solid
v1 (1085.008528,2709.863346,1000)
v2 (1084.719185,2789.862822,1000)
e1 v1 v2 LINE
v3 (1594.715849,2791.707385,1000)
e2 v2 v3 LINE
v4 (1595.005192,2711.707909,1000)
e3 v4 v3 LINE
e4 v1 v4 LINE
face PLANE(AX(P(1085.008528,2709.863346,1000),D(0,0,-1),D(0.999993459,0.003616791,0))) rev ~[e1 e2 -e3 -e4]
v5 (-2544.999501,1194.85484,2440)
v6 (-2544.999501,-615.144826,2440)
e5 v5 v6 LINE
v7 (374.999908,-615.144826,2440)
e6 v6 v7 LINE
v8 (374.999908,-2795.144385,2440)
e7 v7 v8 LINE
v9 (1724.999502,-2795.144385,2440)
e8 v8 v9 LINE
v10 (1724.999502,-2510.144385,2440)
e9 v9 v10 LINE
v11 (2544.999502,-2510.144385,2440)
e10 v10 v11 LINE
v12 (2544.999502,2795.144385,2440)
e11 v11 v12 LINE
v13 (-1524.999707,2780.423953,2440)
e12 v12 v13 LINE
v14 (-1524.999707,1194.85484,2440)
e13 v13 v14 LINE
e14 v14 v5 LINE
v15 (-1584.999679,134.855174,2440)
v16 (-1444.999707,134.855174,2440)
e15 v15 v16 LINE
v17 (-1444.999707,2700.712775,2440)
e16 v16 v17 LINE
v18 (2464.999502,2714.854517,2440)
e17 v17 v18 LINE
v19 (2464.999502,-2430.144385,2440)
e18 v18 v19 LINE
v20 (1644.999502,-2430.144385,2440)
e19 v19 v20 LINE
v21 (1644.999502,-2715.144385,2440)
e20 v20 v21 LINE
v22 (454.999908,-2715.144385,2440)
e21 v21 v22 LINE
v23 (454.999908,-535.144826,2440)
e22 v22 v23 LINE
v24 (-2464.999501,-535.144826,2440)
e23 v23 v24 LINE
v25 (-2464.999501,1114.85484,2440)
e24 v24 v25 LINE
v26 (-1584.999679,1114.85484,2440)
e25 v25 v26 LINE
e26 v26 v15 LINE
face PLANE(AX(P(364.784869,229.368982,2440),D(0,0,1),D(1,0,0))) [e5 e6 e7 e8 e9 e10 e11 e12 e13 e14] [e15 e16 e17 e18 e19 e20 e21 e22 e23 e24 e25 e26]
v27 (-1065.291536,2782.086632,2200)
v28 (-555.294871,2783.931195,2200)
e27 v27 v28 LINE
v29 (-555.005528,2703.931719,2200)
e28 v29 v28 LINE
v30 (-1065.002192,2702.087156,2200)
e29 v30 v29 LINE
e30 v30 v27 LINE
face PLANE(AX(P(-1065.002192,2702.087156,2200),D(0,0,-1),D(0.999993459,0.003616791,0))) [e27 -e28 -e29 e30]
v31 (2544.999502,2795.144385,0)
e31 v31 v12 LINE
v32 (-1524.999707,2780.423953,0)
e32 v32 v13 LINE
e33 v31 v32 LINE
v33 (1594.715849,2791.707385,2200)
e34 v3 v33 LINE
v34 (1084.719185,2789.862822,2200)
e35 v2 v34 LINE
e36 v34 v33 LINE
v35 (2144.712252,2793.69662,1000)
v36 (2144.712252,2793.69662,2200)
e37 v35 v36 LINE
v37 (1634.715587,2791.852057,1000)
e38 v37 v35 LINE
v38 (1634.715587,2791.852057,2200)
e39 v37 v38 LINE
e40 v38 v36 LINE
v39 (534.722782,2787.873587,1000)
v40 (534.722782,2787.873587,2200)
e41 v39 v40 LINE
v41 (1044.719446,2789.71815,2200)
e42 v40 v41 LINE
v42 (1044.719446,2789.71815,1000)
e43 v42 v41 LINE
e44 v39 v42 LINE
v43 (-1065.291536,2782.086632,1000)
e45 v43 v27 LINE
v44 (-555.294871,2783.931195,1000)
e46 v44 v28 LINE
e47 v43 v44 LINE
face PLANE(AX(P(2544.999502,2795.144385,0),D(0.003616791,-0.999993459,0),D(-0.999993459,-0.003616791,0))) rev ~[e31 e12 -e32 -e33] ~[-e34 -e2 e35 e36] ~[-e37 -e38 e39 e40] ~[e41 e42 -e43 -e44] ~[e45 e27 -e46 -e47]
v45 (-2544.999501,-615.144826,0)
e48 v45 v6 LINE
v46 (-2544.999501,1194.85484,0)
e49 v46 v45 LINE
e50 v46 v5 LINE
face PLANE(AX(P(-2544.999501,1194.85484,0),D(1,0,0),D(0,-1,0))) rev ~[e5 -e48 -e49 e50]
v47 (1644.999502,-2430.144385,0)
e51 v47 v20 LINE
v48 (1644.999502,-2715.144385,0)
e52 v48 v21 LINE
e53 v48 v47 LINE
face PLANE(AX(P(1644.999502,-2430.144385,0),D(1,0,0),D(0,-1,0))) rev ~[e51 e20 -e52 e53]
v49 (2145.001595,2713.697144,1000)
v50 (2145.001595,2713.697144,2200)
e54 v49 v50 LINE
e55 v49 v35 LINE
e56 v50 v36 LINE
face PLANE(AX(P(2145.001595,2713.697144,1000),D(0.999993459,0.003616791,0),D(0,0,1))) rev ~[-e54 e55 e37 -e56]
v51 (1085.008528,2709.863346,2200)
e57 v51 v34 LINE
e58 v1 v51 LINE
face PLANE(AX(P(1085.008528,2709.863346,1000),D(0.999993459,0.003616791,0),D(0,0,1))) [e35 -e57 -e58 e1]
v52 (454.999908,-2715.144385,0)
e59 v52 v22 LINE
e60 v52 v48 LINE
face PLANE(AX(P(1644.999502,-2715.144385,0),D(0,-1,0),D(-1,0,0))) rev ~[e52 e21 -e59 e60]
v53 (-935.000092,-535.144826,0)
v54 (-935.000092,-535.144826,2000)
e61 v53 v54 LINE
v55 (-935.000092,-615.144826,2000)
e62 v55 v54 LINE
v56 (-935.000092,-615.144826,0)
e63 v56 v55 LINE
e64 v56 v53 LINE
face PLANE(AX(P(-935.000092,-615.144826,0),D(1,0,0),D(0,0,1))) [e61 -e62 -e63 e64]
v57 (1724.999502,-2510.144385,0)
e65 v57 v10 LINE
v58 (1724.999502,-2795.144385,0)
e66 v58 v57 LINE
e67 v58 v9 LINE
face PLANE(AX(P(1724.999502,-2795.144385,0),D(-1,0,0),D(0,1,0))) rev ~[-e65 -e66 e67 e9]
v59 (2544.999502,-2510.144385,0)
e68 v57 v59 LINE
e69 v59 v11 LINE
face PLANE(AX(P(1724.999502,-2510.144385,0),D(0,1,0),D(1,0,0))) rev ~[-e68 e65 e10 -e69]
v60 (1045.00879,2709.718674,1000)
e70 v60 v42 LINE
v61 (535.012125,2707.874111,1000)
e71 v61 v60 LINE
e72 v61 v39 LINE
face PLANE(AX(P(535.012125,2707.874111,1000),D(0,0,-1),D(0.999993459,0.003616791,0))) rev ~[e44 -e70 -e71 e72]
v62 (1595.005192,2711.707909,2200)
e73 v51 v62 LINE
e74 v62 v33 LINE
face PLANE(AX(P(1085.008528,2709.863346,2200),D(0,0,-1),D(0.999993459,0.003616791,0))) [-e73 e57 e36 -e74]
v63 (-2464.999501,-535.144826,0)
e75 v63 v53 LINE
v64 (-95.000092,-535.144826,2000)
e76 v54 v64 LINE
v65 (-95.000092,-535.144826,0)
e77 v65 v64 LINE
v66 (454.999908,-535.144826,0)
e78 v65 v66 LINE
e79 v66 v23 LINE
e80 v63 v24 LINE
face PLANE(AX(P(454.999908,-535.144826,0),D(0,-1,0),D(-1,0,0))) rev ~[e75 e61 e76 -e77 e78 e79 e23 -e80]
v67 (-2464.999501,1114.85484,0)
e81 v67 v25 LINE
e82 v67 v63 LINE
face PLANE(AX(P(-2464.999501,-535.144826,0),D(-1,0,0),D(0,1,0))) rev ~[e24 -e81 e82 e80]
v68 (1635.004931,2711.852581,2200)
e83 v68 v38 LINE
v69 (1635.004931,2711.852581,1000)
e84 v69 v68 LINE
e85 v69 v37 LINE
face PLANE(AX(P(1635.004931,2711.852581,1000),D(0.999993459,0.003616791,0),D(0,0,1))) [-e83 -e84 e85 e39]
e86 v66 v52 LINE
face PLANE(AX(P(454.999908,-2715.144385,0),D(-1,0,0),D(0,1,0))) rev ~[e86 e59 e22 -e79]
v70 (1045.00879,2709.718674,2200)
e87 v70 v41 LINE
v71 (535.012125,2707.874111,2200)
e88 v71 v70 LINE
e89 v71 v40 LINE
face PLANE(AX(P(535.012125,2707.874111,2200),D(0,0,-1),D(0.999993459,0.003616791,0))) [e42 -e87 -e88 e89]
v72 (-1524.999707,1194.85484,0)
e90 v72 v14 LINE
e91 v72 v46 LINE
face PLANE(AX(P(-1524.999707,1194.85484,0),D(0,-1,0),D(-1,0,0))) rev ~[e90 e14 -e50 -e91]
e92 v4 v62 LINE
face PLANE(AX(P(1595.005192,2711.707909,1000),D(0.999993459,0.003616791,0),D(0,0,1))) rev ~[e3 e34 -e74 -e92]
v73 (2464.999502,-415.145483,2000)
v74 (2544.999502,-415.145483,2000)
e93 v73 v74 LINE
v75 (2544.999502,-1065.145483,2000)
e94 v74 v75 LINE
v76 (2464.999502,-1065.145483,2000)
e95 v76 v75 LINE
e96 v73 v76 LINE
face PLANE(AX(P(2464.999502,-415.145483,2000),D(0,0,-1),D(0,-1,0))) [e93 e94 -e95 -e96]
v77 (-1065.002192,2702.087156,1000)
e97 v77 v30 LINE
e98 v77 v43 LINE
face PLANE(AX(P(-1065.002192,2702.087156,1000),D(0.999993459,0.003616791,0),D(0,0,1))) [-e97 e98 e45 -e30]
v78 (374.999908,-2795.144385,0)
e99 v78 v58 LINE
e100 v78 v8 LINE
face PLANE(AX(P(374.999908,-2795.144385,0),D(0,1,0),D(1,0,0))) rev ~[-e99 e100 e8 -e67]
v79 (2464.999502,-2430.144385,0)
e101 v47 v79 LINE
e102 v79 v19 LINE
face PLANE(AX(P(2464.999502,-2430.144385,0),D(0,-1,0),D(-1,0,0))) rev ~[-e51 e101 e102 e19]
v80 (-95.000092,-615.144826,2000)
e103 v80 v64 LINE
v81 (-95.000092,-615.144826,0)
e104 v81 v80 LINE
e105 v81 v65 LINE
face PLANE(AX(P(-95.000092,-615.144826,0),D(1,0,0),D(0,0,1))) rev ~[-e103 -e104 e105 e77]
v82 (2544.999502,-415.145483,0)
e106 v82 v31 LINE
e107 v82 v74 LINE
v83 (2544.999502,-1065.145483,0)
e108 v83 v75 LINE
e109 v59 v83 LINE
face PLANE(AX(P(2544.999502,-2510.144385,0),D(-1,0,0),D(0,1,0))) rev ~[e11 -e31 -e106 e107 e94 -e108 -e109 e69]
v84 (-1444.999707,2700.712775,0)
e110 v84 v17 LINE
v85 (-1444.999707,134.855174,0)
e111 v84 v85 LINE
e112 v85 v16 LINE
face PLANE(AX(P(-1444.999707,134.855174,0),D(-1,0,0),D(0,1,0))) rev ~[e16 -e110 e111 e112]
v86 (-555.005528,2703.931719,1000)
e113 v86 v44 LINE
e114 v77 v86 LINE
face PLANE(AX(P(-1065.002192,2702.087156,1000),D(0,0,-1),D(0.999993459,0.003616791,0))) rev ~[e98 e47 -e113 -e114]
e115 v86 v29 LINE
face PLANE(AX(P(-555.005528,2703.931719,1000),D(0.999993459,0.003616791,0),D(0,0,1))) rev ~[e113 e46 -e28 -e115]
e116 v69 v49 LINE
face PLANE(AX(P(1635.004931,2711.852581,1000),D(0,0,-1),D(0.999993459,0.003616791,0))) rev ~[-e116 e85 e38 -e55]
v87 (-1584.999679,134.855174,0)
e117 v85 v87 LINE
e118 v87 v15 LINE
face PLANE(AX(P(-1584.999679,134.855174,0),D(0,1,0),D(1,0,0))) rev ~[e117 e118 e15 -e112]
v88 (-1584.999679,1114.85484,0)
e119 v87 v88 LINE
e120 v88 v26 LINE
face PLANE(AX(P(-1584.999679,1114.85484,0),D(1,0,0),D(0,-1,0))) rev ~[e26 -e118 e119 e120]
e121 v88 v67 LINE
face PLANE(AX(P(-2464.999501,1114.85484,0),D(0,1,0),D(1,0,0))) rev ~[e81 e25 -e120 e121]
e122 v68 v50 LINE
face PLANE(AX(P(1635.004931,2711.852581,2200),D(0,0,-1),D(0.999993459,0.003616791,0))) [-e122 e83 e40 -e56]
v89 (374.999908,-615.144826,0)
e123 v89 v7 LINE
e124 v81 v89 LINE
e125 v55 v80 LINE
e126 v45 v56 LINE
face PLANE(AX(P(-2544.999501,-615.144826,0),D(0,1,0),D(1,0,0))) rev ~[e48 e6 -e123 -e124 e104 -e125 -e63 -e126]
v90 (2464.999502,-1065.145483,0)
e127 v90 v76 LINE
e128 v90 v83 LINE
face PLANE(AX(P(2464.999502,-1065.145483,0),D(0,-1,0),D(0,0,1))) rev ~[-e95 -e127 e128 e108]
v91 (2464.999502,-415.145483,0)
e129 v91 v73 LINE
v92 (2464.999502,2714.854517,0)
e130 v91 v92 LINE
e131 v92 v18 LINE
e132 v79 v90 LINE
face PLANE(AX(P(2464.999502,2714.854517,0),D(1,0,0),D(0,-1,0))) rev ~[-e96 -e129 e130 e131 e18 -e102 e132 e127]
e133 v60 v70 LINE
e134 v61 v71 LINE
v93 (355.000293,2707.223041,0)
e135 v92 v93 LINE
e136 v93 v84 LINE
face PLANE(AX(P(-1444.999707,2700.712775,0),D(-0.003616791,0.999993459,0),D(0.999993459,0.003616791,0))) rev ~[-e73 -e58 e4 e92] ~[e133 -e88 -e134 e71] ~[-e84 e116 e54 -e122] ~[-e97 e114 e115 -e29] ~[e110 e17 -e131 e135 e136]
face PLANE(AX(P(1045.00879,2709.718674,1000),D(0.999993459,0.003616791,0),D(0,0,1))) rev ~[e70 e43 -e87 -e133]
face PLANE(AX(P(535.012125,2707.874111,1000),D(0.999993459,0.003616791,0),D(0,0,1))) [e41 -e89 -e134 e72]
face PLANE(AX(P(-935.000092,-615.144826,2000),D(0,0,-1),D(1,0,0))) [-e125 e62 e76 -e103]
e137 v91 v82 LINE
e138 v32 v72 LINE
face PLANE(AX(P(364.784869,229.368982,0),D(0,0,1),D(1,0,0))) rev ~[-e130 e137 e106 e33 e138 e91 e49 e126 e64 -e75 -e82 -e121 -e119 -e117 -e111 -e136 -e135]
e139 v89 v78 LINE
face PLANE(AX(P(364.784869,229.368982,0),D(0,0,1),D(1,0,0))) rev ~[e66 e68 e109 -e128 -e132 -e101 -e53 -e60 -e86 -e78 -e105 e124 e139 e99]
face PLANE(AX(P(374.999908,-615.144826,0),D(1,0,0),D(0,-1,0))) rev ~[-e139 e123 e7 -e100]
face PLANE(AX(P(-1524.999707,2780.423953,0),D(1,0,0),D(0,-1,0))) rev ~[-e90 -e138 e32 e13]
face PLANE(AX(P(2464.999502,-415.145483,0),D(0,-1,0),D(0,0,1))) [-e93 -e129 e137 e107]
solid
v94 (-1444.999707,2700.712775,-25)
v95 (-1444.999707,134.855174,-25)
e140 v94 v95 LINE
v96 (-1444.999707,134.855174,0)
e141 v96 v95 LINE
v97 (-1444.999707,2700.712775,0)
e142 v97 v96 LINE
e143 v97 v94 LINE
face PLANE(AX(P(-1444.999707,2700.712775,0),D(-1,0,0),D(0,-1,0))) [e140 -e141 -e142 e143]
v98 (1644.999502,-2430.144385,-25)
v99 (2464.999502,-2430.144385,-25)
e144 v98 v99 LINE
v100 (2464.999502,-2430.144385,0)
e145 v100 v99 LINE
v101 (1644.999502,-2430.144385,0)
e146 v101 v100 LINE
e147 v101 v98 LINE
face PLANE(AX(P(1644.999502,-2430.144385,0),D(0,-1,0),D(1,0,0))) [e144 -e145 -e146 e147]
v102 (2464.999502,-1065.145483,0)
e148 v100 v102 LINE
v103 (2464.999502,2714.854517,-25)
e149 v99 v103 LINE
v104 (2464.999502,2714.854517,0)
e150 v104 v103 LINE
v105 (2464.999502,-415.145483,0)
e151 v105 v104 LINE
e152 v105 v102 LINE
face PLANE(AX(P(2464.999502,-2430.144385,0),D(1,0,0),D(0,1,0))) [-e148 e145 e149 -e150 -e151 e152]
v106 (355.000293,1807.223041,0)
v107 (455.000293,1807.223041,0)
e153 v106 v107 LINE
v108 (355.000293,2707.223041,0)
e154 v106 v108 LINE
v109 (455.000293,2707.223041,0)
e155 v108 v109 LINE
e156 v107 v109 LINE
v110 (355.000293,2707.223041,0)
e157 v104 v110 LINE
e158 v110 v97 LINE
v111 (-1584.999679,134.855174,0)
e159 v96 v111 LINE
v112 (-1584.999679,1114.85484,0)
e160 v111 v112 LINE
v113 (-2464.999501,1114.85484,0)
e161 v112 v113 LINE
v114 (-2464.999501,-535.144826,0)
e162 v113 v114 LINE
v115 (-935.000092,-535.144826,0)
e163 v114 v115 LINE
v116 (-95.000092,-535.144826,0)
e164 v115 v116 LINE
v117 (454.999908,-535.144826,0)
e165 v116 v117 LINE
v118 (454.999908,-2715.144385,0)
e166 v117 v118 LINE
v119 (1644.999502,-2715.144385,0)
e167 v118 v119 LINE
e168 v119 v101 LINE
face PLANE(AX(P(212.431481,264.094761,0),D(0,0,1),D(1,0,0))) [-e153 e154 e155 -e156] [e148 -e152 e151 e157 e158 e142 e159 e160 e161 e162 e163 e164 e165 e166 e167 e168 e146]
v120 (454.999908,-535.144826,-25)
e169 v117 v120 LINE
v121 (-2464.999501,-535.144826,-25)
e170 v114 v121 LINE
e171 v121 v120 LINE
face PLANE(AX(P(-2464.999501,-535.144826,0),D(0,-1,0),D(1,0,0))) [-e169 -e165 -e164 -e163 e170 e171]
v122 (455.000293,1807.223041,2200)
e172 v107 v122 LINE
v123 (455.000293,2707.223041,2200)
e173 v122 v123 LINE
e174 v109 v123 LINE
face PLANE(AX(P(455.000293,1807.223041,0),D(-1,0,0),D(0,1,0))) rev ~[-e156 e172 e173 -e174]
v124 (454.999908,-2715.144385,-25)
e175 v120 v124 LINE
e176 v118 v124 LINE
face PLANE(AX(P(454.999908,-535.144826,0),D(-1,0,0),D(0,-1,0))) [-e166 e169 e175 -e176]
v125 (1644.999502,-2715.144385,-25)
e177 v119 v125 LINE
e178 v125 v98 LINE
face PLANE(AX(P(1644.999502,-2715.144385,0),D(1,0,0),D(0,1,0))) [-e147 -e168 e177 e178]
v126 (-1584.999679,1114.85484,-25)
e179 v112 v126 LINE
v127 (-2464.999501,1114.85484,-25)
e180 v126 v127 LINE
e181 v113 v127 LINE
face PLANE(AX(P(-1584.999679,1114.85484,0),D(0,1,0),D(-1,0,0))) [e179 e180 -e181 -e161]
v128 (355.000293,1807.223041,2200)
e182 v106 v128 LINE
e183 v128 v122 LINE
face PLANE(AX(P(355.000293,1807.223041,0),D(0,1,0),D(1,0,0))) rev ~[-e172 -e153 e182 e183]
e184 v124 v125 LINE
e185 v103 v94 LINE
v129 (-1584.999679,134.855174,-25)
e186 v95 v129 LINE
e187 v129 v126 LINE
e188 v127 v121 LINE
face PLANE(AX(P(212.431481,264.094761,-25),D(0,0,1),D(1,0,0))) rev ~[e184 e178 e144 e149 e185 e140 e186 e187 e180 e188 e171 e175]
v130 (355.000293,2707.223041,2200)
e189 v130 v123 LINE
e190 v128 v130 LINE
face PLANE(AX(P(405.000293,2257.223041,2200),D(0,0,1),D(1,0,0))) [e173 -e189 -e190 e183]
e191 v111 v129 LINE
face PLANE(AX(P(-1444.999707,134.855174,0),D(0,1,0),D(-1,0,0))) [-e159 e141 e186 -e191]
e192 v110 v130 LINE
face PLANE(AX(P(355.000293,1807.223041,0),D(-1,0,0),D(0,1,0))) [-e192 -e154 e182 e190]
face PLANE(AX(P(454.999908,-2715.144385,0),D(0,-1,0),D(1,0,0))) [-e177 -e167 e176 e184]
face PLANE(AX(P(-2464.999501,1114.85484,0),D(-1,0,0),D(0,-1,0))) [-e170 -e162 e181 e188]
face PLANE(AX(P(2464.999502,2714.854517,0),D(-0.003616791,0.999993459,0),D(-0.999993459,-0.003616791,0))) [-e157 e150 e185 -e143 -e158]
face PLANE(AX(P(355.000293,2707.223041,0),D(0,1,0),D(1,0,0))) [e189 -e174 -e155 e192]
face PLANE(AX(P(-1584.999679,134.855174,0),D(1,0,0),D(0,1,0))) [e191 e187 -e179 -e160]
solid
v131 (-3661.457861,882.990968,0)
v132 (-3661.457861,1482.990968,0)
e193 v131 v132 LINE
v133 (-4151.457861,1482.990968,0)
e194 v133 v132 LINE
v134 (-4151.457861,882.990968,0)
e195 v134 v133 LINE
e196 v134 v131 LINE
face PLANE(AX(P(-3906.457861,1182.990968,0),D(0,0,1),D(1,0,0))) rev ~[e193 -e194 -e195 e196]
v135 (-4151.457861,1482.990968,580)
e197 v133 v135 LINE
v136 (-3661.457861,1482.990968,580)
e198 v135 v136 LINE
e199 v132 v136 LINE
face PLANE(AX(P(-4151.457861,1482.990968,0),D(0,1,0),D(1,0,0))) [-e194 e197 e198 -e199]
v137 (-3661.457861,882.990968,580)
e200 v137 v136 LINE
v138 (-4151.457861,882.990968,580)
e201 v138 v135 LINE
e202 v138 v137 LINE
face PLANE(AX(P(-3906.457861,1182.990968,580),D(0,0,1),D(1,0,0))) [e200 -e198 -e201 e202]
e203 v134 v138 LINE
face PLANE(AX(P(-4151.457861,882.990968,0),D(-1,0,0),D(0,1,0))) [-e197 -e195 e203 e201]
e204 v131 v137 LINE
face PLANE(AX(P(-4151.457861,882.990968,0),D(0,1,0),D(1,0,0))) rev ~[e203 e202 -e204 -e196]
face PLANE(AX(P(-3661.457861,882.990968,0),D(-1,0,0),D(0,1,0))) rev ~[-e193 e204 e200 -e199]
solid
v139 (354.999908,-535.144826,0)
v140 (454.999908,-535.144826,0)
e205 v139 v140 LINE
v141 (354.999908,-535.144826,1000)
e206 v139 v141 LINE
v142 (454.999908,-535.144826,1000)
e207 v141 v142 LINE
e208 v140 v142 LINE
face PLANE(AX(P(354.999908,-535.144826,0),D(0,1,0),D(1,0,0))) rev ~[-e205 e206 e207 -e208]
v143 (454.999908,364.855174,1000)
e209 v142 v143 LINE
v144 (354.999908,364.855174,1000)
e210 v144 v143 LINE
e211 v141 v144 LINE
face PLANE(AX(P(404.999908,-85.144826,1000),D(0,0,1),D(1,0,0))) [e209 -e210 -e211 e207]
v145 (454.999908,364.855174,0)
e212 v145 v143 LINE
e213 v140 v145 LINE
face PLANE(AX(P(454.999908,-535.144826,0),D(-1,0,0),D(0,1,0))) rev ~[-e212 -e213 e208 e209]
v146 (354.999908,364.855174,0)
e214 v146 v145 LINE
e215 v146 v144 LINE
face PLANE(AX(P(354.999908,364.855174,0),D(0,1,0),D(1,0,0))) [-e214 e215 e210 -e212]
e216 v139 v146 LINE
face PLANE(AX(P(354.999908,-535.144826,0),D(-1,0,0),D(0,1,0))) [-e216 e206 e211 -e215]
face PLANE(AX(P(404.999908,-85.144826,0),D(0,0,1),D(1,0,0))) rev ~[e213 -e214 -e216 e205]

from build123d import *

# Parameters (mm, degrees)
F1_DEPTH  = 25
F2_DEPTH  = 2440
F3_W      = 840
F3_H      = 2000
F4_DEPTH  = 80
F5_W      = 100
F5_H      = 900
F6_DEPTH  = 2200
F7_W      = 100
F7_H      = 900
F8_DEPTH  = 1000
F9_W      = 510
F9_H      = 1200
F10_DEPTH = 79.9999997254
F11_W     = 490
F11_H     = 600
F12_DEPTH = 580
F13_W     = 650
F13_H     = 2000
F14_DEPTH = 80


with BuildPart() as f1:
    # F0 (on Top) → F1 (new body)
    with BuildSketch(Plane.XY):
        Polygon((-1444.999707, 134.855174), (-1584.999679, 134.855174), (-1584.999679, 1114.85484), (-2464.999501, 1114.85484), (-2464.999501, -535.144826), (454.999908, -535.144826), (454.999908, -2715.144385), (1644.999502, -2715.144385), (1644.999502, -2430.144385), (2464.999502, -2430.144385), (2464.999502, 2714.854517), (-1444.999707, 2700.712775), align=None)
    extrude(amount=-F1_DEPTH)



with BuildPart() as f2:
    # F0 (on Top) → F2 (new body)
    with BuildSketch(Plane.XY):
        Polygon((-1524.999707, 2780.423953), (-1524.999707, 1194.85484), (-2544.999501, 1194.85484), (-2544.999501, -615.144826), (374.999908, -615.144826), (374.999908, -2795.144385), (1724.999502, -2795.144385), (1724.999502, -2510.144385), (2544.999502, -2510.144385), (2544.999502, 2795.144385), align=None)
        Polygon((-1584.999679, 1114.85484), (-1584.999679, 134.855174), (-1444.999707, 134.855174), (-1444.999707, 2700.712775), (2464.999502, 2714.854517), (2464.999502, -2430.144385), (1644.999502, -2430.144385), (1644.999502, -2715.144385), (454.999908, -2715.144385), (454.999908, -535.144826), (-2464.999501, -535.144826), (-2464.999501, 1114.85484), align=None, mode=Mode.SUBTRACT)
    extrude(amount=F2_DEPTH)

    # F3 (on face) → F4 (cut, through all)
    with BuildSketch(Plane.XZ.offset(615.144826)):
        with Locations((-515.000092, 1000)):
            Rectangle(F3_W, F3_H)
    extrude(amount=-F4_DEPTH, mode=Mode.SUBTRACT)


with BuildPart() as f1_1:
    add(f1.part)

    add(f2.part)  # F6 merges F2
    # F5 (on face) → F6 (join)
    with BuildSketch(Plane.XY):
        with Locations((405.000293, 2257.2230411764)):
            Rectangle(F5_W, F5_H)
    extrude(amount=F6_DEPTH)

    # F9 (on face) → F10 (cut, through all)
    with BuildSketch(Plane(origin=(-9.7867517589, 2705.903674088, 0), x_dir=(0.9999934594, 0.0036167909, 0), z_dir=(0.0036167909, -0.9999934594, 0))):
        with Locations((799.8024404753, 1600)):
            Rectangle(F9_W, F9_H)
        with Locations((-800.2223424701, 1600)):
            Rectangle(F9_W, F9_H)
        with Locations((1899.8024404753, 1600)):
            Rectangle(F9_W, F9_H)
        with Locations((1349.8024404753, 1600)):
            Rectangle(F9_W, F9_H)
    extrude(amount=-F10_DEPTH, mode=Mode.SUBTRACT)

    # F13 (on face) → F14 (cut, through all)
    with BuildSketch(Plane(origin=(2464.999502, 0, 0), x_dir=(0, -1, 0), z_dir=(-1, 0, 0))):
        with Locations((740.145483, 1000)):
            Rectangle(F13_W, F13_H)
    extrude(amount=-F14_DEPTH, mode=Mode.SUBTRACT)


with BuildPart() as f8:
    # F7 (on face) → F8 (new body)
    with BuildSketch(Plane.XY):
        with Locations((404.999908, -85.144826)):
            Rectangle(F7_W, F7_H)
    extrude(amount=F8_DEPTH)


with BuildPart() as f12:
    # F11 (on face) → F12 (new body)
    with BuildSketch(Plane.XY):
        with Locations((-3906.4578610846, 1182.9909682274)):
            Rectangle(F11_W, F11_H)
    extrude(amount=F12_DEPTH)


solid = Compound([f1_1.part, f8.part, f12.part])
